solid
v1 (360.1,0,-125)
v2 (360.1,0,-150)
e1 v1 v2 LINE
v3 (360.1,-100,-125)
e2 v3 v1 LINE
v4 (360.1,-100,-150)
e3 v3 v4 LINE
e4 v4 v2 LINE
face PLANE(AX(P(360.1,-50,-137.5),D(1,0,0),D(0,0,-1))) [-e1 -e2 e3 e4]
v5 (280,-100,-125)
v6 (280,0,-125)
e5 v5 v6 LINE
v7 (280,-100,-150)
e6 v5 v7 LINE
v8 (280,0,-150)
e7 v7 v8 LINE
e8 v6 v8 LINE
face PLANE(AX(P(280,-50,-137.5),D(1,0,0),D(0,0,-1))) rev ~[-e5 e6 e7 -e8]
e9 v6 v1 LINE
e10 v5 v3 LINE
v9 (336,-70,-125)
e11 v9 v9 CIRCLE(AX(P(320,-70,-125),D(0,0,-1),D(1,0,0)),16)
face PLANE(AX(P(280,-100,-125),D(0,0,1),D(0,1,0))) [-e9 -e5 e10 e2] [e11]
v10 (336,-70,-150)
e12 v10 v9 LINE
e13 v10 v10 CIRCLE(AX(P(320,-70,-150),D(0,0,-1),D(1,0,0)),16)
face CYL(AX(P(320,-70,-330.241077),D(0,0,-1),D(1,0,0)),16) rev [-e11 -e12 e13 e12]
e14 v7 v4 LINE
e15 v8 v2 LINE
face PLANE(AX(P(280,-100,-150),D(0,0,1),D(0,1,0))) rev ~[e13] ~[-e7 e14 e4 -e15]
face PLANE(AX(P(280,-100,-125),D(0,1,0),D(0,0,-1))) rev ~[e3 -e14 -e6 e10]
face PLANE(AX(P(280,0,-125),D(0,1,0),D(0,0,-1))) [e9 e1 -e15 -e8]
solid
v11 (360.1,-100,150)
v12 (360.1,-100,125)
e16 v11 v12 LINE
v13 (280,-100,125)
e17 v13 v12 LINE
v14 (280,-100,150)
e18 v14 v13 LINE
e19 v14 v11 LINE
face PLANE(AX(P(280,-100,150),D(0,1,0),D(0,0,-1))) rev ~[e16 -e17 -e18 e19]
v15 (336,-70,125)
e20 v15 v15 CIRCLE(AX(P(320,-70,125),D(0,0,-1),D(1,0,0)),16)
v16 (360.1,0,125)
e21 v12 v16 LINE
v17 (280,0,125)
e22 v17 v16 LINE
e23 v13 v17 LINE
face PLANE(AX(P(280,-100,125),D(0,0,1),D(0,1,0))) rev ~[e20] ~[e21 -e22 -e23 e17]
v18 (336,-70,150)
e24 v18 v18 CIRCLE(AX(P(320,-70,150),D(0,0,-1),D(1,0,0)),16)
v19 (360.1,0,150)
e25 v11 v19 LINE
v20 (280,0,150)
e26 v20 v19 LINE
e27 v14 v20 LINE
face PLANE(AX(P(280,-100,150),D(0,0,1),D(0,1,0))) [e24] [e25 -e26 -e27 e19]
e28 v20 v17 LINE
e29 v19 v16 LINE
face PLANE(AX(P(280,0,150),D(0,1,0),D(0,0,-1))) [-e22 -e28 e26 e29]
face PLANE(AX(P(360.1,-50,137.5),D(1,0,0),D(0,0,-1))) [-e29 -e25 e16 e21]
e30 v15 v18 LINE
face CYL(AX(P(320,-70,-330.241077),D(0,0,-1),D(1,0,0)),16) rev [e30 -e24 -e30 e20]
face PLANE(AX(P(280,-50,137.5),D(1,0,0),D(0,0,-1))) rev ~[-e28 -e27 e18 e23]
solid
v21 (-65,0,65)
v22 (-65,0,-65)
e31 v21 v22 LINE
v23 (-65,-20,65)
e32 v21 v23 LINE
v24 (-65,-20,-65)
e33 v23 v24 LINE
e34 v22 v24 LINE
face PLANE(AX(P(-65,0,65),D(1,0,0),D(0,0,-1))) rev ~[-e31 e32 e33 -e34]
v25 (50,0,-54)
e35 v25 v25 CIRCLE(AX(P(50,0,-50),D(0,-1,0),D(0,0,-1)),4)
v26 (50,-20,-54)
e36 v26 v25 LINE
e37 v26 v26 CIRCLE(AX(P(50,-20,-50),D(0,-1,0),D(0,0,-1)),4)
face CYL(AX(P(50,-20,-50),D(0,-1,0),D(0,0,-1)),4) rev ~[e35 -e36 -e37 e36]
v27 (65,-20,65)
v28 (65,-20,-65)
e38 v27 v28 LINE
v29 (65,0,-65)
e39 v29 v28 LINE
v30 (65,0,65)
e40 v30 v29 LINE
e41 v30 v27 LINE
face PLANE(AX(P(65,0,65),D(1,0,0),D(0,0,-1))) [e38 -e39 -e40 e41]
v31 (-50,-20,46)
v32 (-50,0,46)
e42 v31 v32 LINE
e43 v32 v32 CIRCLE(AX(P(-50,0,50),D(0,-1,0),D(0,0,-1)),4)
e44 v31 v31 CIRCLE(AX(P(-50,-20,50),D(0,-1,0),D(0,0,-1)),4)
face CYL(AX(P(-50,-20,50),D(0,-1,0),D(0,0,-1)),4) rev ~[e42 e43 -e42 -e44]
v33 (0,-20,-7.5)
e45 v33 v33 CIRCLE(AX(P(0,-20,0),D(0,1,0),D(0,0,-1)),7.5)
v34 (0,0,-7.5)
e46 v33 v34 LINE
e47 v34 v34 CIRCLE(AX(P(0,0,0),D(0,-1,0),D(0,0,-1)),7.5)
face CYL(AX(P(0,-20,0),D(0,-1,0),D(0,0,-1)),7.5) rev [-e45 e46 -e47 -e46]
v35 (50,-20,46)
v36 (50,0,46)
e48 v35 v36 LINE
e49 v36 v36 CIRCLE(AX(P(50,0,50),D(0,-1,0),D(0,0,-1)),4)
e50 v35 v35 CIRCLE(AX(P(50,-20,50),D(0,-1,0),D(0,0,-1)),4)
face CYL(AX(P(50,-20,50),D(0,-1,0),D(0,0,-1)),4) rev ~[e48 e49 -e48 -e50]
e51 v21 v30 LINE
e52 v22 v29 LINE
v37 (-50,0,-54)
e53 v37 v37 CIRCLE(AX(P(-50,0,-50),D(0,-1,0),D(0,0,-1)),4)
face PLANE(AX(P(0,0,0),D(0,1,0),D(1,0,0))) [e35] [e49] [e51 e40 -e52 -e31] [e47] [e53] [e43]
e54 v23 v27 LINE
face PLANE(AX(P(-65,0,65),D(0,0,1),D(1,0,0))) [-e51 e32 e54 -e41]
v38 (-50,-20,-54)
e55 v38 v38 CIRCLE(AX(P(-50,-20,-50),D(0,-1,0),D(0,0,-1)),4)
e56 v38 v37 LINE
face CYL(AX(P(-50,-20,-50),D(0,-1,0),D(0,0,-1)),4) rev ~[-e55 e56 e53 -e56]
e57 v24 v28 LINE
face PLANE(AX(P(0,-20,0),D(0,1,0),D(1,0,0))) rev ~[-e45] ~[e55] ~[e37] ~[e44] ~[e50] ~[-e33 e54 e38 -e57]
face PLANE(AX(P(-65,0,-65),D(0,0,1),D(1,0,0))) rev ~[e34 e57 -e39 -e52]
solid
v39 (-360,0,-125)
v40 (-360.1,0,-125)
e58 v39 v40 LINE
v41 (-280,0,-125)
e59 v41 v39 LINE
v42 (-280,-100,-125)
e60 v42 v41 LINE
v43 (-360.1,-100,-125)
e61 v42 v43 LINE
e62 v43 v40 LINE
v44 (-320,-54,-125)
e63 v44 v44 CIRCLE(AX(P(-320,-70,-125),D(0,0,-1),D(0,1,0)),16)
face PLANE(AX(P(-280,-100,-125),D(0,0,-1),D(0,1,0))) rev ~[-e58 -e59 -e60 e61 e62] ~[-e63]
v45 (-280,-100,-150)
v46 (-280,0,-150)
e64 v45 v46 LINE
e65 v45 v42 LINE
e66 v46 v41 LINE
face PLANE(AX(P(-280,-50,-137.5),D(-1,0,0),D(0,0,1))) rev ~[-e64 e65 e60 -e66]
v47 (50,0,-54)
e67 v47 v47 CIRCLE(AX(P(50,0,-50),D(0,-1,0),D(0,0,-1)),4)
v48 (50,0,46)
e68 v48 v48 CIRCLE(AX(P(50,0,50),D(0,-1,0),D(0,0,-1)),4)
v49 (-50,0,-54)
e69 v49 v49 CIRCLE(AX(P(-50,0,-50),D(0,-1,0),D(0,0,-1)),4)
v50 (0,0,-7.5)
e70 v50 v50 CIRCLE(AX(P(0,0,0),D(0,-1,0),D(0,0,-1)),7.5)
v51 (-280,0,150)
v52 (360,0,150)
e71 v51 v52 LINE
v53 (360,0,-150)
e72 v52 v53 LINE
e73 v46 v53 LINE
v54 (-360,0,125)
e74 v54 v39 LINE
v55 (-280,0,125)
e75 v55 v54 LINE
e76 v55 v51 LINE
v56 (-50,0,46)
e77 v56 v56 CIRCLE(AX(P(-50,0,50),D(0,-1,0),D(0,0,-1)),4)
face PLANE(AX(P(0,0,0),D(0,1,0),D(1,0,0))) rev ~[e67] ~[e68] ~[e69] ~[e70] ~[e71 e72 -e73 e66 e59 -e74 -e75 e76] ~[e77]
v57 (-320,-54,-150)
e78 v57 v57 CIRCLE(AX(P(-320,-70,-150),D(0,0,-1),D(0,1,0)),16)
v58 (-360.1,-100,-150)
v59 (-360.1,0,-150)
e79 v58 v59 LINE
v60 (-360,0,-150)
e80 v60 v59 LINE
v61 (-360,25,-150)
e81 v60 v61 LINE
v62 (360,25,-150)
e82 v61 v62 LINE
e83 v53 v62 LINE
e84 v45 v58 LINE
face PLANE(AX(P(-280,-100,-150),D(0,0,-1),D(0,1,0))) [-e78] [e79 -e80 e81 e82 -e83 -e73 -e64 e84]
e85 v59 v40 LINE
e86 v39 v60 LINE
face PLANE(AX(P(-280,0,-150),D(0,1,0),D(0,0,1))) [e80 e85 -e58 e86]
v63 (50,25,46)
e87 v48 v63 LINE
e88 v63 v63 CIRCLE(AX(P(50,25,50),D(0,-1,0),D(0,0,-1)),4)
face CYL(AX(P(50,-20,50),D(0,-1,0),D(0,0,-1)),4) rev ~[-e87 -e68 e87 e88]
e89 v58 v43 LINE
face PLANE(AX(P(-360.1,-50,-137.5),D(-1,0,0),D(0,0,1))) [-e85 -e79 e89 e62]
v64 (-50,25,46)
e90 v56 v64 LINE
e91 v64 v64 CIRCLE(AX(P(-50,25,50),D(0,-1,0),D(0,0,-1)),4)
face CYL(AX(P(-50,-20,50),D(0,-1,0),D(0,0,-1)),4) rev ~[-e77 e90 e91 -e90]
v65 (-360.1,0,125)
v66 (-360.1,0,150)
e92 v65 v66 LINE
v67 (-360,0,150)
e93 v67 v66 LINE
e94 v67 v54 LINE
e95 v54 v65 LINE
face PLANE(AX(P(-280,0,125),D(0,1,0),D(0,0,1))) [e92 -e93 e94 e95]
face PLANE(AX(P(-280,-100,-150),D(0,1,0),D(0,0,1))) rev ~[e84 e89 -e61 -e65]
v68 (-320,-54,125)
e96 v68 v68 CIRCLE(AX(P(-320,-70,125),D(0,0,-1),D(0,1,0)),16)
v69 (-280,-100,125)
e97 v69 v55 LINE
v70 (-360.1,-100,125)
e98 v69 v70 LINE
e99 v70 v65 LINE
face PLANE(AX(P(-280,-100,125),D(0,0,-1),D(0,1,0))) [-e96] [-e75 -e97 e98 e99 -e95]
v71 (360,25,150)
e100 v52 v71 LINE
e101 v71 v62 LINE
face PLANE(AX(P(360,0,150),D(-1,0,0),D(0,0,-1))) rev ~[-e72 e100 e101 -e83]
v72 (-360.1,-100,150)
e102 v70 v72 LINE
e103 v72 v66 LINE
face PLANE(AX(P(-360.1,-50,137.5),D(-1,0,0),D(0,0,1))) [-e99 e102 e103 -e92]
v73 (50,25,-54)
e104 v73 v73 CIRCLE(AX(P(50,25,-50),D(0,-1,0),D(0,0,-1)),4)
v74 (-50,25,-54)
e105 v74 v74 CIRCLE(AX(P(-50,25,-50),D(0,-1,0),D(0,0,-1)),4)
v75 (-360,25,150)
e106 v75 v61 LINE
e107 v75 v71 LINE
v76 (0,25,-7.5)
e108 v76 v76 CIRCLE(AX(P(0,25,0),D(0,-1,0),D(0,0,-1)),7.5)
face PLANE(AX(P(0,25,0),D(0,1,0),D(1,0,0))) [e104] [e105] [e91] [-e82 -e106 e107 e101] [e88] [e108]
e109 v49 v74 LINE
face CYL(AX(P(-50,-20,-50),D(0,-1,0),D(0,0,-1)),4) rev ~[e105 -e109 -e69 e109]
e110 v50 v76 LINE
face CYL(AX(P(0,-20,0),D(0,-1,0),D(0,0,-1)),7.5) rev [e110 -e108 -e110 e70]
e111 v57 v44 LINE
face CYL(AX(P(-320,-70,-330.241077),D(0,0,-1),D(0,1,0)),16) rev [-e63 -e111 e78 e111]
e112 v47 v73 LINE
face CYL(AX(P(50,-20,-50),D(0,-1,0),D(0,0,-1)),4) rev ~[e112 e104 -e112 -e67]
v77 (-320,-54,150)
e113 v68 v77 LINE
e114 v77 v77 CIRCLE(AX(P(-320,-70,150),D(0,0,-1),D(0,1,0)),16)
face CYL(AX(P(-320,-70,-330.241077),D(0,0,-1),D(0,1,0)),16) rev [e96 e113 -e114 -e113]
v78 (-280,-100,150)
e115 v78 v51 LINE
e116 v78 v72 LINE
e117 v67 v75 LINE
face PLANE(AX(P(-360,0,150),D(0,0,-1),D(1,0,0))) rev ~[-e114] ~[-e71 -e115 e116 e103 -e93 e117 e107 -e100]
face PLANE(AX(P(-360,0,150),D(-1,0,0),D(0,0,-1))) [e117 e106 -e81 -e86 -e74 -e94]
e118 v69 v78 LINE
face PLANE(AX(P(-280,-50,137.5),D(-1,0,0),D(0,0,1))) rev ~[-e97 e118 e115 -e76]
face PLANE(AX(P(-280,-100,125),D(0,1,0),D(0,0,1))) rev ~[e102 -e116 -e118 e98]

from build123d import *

# Parameters (mm, degrees)
SKETCH1_W                  = 720
SKETCH1_H                  = 300
BOSS_EXTRUDE1_DEPTH        = 25
SKETCH3_W                  = 130
SKETCH3_H                  = 130
BOSS_EXTRUDE3_DEPTH        = 20
CUT_EXTRUDE7_DEPTH         = 391.800460593
CUT_EXTRUDE7_DEPTH_BACK    = 20
SKETCH2_R                  = 7.5
SKETCH4_R                  = 4
CUT_EXTRUDE8_DEPTH         = 393.587569849
BOSS_EXTRUDE4_DEPTH        = 0.1
BOSS_EXTRUDE4_DEPTH_BACK   = 80
SKETCH5_W                  = 25
SKETCH5_H                  = 100
BOSS_EXTRUDE4_2_DEPTH      = 0.1
BOSS_EXTRUDE4_2_DEPTH_BACK = 80
BOSS_EXTRUDE5_DEPTH        = 0.1
BOSS_EXTRUDE5_DEPTH_BACK   = 80
SKETCH6_W                  = 25
SKETCH6_H                  = 100
CUT_EXTRUDE9_DEPTH         = 480.241077121
CUT_EXTRUDE9_DEPTH_BACK    = 480.241077121
SKETCH7_R                  = 16


with BuildPart() as part:
    # Sketch1 → Boss-Extrude1 (new body)
    with BuildSketch(Plane(origin=(0, 0, 0), x_dir=(1, 0, 0), z_dir=(0, 1, 0))):
        Rectangle(SKETCH1_W, SKETCH1_H)
    extrude(amount=BOSS_EXTRUDE1_DEPTH)


with BuildPart() as body_2:
    # Sketch3 → Boss-Extrude3 (new body)
    with BuildSketch(Plane(origin=(0, 0, 0), x_dir=(1, 0, 0), z_dir=(0, 1, 0))):
        Rectangle(SKETCH3_W, SKETCH3_H)
    extrude(amount=-BOSS_EXTRUDE3_DEPTH)


with BuildPart() as cut_extrude7_tool:
    # Sketch2 → Cut-Extrude7 (new, two sides: drawn at the far end of the back side and taken through both)
    with BuildSketch(Plane(origin=(0, 0, 0), x_dir=(1, 0, 0), z_dir=(0, 1, 0)).offset(-CUT_EXTRUDE7_DEPTH_BACK)):
        with Locations(Location((0, 0, 0), (0, 0, 90))):
            Circle(SKETCH2_R)
    extrude(amount=CUT_EXTRUDE7_DEPTH + CUT_EXTRUDE7_DEPTH_BACK)


with BuildPart() as part_1:
    add(part.part)

    # Cut-Extrude7: cut by cut_extrude7_tool
    add(cut_extrude7_tool.part, mode=Mode.SUBTRACT)


with BuildPart() as body_2_1:
    add(body_2.part)

    # Cut-Extrude7: cut by cut_extrude7_tool
    add(cut_extrude7_tool.part, mode=Mode.SUBTRACT)


with BuildPart() as cut_extrude8_tool:
    # Sketch4 → Cut-Extrude8 (new, through all)
    with BuildSketch(Plane(origin=(0, -20, 0), x_dir=(-1, 0, 0), z_dir=(0, -1, 0))):
        with Locations(Location((50, 50, 0), (0, 0, 90))):
            Circle(SKETCH4_R)
        with Locations(Location((50, -50, 0), (0, 0, 90))):
            Circle(SKETCH4_R)
        with Locations(Location((-50, -50, 0), (0, 0, 90))):
            Circle(SKETCH4_R)
        with Locations(Location((-50, 50, 0), (0, 0, 90))):
            Circle(SKETCH4_R)
    extrude(amount=-CUT_EXTRUDE8_DEPTH)


with BuildPart() as part_2:
    add(part_1.part)

    # Cut-Extrude8: cut by cut_extrude8_tool
    add(cut_extrude8_tool.part, mode=Mode.SUBTRACT)

    # Sketch6 → Boss-Extrude5 (add, two sides: drawn at the far end of the back side and taken through both)
    with BuildSketch(Plane.ZY.offset(360).offset(-BOSS_EXTRUDE5_DEPTH_BACK)):
        with Locations((-137.5, -50)):
            Rectangle(SKETCH6_W, SKETCH6_H)
        with Locations((137.5, -50)):
            Rectangle(SKETCH6_W, SKETCH6_H)
    extrude(amount=BOSS_EXTRUDE5_DEPTH + BOSS_EXTRUDE5_DEPTH_BACK)


with BuildPart() as body_2_2:
    add(body_2_1.part)

    # Cut-Extrude8: cut by cut_extrude8_tool
    add(cut_extrude8_tool.part, mode=Mode.SUBTRACT)


with BuildPart() as body_3:
    # Sketch5 → Boss-Extrude4 (new, two sides: drawn at the far end of the back side and taken through both)
    with BuildSketch(Plane(origin=(360, 0, 0), x_dir=(0, 0, -1), z_dir=(1, 0, 0)).offset(-BOSS_EXTRUDE4_DEPTH_BACK)):
        with Locations((-137.5, -50)):
            Rectangle(SKETCH5_W, SKETCH5_H)
    extrude(amount=BOSS_EXTRUDE4_DEPTH + BOSS_EXTRUDE4_DEPTH_BACK)


with BuildPart() as body_4:
    # Sketch5 → Boss-Extrude4 2 (new, two sides: drawn at the far end of the back side and taken through both)
    with BuildSketch(Plane(origin=(360, 0, 0), x_dir=(0, 0, -1), z_dir=(1, 0, 0)).offset(-BOSS_EXTRUDE4_2_DEPTH_BACK)):
        with Locations((137.5, -50)):
            Rectangle(SKETCH5_W, SKETCH5_H)
    extrude(amount=BOSS_EXTRUDE4_2_DEPTH + BOSS_EXTRUDE4_2_DEPTH_BACK)


with BuildPart() as cut_extrude9_tool:
    # Sketch7 → Cut-Extrude9 (new, two sides: drawn at the far end of the back side and taken through both)
    with BuildSketch(Plane.XY.offset(150).offset(-CUT_EXTRUDE9_DEPTH_BACK)):
        with Locations((320, -70)):
            Circle(SKETCH7_R)
        with Locations(Location((-320, -70, 0), (0, 0, 90))):
            Circle(SKETCH7_R)
    extrude(amount=CUT_EXTRUDE9_DEPTH + CUT_EXTRUDE9_DEPTH_BACK)


with BuildPart() as part_3:
    add(part_2.part)

    # Cut-Extrude9: cut by cut_extrude9_tool
    add(cut_extrude9_tool.part, mode=Mode.SUBTRACT)


with BuildPart() as body_3_1:
    add(body_3.part)

    # Cut-Extrude9: cut by cut_extrude9_tool
    add(cut_extrude9_tool.part, mode=Mode.SUBTRACT)


with BuildPart() as body_4_1:
    add(body_4.part)

    # Cut-Extrude9: cut by cut_extrude9_tool
    add(cut_extrude9_tool.part, mode=Mode.SUBTRACT)


solid = Compound([body_2_2.part, part_3.part, body_3_1.part, body_4_1.part])
